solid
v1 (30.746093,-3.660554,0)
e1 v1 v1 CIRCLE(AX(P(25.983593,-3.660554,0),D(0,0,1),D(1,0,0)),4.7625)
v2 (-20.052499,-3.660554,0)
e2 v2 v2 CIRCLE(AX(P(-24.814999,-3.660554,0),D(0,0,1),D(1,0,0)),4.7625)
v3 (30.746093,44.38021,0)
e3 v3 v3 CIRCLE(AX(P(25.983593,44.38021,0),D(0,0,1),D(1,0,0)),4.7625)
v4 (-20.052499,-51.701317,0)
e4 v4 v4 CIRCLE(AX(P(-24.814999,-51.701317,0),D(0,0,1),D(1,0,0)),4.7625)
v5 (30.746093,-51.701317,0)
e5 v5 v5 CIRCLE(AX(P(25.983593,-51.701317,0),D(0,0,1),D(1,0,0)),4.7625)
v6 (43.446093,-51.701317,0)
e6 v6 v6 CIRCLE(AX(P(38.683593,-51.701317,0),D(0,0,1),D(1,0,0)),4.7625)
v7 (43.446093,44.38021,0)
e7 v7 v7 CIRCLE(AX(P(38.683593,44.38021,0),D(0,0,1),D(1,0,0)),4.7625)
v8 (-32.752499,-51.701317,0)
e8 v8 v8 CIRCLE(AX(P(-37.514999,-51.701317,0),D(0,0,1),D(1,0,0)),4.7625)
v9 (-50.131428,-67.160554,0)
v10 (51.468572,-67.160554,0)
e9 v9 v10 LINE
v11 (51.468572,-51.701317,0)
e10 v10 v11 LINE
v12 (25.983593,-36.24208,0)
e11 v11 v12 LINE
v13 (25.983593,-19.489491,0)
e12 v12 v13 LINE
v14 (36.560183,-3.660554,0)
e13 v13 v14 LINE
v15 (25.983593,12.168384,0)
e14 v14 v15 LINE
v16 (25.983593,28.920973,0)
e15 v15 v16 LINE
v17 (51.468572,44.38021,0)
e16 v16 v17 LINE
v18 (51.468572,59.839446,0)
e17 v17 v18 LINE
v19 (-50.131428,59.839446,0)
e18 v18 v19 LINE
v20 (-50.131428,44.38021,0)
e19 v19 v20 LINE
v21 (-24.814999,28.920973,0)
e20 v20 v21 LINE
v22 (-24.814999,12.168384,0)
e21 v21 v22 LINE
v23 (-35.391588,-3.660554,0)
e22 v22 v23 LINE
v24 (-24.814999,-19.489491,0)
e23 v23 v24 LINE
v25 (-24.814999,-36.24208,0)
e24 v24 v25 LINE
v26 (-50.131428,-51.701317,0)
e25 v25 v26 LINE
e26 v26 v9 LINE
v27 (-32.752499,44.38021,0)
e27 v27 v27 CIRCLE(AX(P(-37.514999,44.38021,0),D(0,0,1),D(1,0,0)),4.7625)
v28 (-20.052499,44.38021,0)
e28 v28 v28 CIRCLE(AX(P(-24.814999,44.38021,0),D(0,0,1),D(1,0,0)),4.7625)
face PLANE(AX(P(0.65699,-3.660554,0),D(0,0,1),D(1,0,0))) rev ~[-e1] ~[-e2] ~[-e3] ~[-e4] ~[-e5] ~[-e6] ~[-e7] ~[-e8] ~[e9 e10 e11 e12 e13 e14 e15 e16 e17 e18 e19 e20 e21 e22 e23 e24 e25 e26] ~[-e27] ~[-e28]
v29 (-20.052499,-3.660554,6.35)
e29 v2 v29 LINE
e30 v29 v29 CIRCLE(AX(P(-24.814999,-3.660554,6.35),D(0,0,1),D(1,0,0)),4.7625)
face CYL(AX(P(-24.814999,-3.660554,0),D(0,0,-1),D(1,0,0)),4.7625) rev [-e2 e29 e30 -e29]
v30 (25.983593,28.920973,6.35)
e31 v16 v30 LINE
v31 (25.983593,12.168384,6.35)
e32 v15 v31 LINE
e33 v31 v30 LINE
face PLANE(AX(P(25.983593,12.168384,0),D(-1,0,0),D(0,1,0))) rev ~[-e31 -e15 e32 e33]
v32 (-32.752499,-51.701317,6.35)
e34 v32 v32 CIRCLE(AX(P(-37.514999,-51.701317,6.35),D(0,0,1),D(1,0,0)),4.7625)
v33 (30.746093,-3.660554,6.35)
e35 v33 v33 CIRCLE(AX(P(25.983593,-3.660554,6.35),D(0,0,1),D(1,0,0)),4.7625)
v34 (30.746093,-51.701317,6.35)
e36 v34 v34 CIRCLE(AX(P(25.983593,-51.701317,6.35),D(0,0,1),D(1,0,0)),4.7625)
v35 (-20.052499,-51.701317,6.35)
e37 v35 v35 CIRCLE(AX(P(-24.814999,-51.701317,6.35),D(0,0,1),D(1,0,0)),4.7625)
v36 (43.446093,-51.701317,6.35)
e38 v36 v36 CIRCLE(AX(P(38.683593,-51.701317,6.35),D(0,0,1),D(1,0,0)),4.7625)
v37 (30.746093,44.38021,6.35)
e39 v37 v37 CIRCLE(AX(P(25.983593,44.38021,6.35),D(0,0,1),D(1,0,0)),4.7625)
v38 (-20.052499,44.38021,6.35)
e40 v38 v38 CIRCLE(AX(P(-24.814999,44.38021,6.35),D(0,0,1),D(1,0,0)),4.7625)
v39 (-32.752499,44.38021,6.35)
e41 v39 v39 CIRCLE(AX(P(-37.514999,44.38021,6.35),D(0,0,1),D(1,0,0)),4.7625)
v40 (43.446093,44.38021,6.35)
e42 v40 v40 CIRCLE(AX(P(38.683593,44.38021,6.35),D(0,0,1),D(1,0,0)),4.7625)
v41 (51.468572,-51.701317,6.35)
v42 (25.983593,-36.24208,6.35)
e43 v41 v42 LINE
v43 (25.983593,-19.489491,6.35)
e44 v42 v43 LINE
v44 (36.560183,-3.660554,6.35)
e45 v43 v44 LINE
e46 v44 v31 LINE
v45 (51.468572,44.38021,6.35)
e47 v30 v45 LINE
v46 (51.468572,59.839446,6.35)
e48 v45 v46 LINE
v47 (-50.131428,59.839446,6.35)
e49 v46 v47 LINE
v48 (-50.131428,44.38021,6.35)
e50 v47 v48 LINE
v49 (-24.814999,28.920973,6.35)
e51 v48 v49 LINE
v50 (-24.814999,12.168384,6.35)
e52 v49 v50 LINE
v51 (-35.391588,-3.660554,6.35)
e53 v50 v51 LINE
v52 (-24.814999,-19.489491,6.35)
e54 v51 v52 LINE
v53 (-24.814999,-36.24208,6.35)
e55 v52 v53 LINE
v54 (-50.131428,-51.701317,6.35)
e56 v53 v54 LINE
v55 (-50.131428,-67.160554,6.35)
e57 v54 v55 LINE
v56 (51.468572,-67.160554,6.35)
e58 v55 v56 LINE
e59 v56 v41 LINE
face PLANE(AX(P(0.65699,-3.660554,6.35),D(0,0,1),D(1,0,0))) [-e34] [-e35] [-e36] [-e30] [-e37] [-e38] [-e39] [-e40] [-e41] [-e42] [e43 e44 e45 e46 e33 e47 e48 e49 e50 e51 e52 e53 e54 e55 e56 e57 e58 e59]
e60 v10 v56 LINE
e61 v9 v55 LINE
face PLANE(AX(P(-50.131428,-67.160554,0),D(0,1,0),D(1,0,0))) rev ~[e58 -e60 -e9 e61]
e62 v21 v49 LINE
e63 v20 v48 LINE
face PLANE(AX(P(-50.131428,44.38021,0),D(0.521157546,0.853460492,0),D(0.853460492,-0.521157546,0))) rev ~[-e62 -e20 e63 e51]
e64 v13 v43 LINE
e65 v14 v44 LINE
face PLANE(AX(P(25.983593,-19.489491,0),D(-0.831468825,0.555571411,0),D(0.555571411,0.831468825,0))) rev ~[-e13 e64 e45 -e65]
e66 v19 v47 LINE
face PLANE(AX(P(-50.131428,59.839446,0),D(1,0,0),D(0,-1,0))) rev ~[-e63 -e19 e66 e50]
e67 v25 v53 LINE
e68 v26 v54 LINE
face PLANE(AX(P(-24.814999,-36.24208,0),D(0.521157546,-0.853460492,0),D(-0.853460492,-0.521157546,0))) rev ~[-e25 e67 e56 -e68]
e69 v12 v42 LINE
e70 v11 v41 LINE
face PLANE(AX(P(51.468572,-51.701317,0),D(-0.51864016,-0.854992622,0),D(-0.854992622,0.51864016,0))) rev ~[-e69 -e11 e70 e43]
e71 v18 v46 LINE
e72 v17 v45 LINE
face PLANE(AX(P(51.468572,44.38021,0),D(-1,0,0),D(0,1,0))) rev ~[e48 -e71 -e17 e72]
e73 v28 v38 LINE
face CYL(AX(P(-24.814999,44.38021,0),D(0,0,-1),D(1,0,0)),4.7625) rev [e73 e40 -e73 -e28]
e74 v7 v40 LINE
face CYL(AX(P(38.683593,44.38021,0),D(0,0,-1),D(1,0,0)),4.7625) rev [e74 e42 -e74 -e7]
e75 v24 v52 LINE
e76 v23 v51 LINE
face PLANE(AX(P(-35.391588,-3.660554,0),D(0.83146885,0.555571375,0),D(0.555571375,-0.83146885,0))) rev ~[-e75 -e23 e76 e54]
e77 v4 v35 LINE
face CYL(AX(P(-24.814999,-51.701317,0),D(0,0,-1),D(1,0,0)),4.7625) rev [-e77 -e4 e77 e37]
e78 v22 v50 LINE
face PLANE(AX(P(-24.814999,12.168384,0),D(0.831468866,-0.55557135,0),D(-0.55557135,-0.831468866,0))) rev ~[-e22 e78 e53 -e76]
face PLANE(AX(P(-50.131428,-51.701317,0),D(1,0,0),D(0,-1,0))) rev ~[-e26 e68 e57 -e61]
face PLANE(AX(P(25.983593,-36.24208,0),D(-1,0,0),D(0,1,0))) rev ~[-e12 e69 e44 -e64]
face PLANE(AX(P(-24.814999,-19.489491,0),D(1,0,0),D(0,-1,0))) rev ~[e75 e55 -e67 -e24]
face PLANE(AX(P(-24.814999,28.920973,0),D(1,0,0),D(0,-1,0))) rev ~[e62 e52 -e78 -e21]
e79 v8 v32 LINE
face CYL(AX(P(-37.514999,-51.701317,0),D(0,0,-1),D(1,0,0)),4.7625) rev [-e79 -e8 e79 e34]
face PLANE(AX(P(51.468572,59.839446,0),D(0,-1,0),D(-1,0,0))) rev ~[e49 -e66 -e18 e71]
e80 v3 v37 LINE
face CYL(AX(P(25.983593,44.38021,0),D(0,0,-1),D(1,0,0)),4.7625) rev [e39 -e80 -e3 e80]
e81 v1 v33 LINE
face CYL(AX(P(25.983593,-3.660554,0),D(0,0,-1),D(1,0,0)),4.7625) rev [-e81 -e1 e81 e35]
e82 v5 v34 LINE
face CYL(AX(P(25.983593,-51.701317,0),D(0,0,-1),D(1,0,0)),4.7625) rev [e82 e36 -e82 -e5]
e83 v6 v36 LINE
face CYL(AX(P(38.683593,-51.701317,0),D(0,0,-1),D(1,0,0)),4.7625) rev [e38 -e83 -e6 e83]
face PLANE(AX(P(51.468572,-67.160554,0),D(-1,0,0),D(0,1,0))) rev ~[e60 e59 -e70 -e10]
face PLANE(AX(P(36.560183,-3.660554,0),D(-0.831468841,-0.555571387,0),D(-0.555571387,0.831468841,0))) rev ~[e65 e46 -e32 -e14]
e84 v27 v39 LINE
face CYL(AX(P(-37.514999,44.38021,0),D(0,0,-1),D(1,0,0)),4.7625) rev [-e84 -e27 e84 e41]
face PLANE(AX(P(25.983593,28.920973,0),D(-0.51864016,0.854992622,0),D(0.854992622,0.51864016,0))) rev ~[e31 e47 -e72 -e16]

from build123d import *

# Parameters (mm, degrees)
F0_R     = 4.7625
F1_DEPTH = 6.35


with BuildPart() as f1:
    # F0 (on Top) → F1 (new body)
    with BuildSketch(Plane.XY):
        Polygon((51.468572, 59.839446), (-50.131428, 59.839446), (-50.131428, 44.38021), (-24.814999, 28.920973), (-24.814999, 12.168384), (-35.391588, -3.660554), (-24.814999, -19.489491), (-24.814999, -36.24208), (-50.131428, -51.701317), (-50.131428, -67.160554), (51.468572, -67.160554), (51.468572, -51.701317), (25.983593, -36.24208), (25.983593, -19.489491), (36.560183, -3.660554), (25.983593, 12.168384), (25.983593, 28.920973), (51.468572, 44.38021), align=None)
        with Locations((-37.514999, -51.701317)):
            Circle(F0_R, mode=Mode.SUBTRACT)
        with Locations((-24.814999, -51.701317)):
            Circle(F0_R, mode=Mode.SUBTRACT)
        with Locations((25.983593, -51.701317)):
            Circle(F0_R, mode=Mode.SUBTRACT)
        with Locations((38.683593, -51.701317)):
            Circle(F0_R, mode=Mode.SUBTRACT)
        with Locations((-24.814999, -3.660554)):
            Circle(F0_R, mode=Mode.SUBTRACT)
        with Locations((-37.514999, 44.38021)):
            Circle(F0_R, mode=Mode.SUBTRACT)
        with Locations((-24.814999, 44.38021)):
            Circle(F0_R, mode=Mode.SUBTRACT)
        with Locations((25.983593, -3.660554)):
            Circle(F0_R, mode=Mode.SUBTRACT)
        with Locations((25.983593, 44.38021)):
            Circle(F0_R, mode=Mode.SUBTRACT)
        with Locations((38.683593, 44.38021)):
            Circle(F0_R, mode=Mode.SUBTRACT)
    extrude(amount=F1_DEPTH)


solid = f1.part
